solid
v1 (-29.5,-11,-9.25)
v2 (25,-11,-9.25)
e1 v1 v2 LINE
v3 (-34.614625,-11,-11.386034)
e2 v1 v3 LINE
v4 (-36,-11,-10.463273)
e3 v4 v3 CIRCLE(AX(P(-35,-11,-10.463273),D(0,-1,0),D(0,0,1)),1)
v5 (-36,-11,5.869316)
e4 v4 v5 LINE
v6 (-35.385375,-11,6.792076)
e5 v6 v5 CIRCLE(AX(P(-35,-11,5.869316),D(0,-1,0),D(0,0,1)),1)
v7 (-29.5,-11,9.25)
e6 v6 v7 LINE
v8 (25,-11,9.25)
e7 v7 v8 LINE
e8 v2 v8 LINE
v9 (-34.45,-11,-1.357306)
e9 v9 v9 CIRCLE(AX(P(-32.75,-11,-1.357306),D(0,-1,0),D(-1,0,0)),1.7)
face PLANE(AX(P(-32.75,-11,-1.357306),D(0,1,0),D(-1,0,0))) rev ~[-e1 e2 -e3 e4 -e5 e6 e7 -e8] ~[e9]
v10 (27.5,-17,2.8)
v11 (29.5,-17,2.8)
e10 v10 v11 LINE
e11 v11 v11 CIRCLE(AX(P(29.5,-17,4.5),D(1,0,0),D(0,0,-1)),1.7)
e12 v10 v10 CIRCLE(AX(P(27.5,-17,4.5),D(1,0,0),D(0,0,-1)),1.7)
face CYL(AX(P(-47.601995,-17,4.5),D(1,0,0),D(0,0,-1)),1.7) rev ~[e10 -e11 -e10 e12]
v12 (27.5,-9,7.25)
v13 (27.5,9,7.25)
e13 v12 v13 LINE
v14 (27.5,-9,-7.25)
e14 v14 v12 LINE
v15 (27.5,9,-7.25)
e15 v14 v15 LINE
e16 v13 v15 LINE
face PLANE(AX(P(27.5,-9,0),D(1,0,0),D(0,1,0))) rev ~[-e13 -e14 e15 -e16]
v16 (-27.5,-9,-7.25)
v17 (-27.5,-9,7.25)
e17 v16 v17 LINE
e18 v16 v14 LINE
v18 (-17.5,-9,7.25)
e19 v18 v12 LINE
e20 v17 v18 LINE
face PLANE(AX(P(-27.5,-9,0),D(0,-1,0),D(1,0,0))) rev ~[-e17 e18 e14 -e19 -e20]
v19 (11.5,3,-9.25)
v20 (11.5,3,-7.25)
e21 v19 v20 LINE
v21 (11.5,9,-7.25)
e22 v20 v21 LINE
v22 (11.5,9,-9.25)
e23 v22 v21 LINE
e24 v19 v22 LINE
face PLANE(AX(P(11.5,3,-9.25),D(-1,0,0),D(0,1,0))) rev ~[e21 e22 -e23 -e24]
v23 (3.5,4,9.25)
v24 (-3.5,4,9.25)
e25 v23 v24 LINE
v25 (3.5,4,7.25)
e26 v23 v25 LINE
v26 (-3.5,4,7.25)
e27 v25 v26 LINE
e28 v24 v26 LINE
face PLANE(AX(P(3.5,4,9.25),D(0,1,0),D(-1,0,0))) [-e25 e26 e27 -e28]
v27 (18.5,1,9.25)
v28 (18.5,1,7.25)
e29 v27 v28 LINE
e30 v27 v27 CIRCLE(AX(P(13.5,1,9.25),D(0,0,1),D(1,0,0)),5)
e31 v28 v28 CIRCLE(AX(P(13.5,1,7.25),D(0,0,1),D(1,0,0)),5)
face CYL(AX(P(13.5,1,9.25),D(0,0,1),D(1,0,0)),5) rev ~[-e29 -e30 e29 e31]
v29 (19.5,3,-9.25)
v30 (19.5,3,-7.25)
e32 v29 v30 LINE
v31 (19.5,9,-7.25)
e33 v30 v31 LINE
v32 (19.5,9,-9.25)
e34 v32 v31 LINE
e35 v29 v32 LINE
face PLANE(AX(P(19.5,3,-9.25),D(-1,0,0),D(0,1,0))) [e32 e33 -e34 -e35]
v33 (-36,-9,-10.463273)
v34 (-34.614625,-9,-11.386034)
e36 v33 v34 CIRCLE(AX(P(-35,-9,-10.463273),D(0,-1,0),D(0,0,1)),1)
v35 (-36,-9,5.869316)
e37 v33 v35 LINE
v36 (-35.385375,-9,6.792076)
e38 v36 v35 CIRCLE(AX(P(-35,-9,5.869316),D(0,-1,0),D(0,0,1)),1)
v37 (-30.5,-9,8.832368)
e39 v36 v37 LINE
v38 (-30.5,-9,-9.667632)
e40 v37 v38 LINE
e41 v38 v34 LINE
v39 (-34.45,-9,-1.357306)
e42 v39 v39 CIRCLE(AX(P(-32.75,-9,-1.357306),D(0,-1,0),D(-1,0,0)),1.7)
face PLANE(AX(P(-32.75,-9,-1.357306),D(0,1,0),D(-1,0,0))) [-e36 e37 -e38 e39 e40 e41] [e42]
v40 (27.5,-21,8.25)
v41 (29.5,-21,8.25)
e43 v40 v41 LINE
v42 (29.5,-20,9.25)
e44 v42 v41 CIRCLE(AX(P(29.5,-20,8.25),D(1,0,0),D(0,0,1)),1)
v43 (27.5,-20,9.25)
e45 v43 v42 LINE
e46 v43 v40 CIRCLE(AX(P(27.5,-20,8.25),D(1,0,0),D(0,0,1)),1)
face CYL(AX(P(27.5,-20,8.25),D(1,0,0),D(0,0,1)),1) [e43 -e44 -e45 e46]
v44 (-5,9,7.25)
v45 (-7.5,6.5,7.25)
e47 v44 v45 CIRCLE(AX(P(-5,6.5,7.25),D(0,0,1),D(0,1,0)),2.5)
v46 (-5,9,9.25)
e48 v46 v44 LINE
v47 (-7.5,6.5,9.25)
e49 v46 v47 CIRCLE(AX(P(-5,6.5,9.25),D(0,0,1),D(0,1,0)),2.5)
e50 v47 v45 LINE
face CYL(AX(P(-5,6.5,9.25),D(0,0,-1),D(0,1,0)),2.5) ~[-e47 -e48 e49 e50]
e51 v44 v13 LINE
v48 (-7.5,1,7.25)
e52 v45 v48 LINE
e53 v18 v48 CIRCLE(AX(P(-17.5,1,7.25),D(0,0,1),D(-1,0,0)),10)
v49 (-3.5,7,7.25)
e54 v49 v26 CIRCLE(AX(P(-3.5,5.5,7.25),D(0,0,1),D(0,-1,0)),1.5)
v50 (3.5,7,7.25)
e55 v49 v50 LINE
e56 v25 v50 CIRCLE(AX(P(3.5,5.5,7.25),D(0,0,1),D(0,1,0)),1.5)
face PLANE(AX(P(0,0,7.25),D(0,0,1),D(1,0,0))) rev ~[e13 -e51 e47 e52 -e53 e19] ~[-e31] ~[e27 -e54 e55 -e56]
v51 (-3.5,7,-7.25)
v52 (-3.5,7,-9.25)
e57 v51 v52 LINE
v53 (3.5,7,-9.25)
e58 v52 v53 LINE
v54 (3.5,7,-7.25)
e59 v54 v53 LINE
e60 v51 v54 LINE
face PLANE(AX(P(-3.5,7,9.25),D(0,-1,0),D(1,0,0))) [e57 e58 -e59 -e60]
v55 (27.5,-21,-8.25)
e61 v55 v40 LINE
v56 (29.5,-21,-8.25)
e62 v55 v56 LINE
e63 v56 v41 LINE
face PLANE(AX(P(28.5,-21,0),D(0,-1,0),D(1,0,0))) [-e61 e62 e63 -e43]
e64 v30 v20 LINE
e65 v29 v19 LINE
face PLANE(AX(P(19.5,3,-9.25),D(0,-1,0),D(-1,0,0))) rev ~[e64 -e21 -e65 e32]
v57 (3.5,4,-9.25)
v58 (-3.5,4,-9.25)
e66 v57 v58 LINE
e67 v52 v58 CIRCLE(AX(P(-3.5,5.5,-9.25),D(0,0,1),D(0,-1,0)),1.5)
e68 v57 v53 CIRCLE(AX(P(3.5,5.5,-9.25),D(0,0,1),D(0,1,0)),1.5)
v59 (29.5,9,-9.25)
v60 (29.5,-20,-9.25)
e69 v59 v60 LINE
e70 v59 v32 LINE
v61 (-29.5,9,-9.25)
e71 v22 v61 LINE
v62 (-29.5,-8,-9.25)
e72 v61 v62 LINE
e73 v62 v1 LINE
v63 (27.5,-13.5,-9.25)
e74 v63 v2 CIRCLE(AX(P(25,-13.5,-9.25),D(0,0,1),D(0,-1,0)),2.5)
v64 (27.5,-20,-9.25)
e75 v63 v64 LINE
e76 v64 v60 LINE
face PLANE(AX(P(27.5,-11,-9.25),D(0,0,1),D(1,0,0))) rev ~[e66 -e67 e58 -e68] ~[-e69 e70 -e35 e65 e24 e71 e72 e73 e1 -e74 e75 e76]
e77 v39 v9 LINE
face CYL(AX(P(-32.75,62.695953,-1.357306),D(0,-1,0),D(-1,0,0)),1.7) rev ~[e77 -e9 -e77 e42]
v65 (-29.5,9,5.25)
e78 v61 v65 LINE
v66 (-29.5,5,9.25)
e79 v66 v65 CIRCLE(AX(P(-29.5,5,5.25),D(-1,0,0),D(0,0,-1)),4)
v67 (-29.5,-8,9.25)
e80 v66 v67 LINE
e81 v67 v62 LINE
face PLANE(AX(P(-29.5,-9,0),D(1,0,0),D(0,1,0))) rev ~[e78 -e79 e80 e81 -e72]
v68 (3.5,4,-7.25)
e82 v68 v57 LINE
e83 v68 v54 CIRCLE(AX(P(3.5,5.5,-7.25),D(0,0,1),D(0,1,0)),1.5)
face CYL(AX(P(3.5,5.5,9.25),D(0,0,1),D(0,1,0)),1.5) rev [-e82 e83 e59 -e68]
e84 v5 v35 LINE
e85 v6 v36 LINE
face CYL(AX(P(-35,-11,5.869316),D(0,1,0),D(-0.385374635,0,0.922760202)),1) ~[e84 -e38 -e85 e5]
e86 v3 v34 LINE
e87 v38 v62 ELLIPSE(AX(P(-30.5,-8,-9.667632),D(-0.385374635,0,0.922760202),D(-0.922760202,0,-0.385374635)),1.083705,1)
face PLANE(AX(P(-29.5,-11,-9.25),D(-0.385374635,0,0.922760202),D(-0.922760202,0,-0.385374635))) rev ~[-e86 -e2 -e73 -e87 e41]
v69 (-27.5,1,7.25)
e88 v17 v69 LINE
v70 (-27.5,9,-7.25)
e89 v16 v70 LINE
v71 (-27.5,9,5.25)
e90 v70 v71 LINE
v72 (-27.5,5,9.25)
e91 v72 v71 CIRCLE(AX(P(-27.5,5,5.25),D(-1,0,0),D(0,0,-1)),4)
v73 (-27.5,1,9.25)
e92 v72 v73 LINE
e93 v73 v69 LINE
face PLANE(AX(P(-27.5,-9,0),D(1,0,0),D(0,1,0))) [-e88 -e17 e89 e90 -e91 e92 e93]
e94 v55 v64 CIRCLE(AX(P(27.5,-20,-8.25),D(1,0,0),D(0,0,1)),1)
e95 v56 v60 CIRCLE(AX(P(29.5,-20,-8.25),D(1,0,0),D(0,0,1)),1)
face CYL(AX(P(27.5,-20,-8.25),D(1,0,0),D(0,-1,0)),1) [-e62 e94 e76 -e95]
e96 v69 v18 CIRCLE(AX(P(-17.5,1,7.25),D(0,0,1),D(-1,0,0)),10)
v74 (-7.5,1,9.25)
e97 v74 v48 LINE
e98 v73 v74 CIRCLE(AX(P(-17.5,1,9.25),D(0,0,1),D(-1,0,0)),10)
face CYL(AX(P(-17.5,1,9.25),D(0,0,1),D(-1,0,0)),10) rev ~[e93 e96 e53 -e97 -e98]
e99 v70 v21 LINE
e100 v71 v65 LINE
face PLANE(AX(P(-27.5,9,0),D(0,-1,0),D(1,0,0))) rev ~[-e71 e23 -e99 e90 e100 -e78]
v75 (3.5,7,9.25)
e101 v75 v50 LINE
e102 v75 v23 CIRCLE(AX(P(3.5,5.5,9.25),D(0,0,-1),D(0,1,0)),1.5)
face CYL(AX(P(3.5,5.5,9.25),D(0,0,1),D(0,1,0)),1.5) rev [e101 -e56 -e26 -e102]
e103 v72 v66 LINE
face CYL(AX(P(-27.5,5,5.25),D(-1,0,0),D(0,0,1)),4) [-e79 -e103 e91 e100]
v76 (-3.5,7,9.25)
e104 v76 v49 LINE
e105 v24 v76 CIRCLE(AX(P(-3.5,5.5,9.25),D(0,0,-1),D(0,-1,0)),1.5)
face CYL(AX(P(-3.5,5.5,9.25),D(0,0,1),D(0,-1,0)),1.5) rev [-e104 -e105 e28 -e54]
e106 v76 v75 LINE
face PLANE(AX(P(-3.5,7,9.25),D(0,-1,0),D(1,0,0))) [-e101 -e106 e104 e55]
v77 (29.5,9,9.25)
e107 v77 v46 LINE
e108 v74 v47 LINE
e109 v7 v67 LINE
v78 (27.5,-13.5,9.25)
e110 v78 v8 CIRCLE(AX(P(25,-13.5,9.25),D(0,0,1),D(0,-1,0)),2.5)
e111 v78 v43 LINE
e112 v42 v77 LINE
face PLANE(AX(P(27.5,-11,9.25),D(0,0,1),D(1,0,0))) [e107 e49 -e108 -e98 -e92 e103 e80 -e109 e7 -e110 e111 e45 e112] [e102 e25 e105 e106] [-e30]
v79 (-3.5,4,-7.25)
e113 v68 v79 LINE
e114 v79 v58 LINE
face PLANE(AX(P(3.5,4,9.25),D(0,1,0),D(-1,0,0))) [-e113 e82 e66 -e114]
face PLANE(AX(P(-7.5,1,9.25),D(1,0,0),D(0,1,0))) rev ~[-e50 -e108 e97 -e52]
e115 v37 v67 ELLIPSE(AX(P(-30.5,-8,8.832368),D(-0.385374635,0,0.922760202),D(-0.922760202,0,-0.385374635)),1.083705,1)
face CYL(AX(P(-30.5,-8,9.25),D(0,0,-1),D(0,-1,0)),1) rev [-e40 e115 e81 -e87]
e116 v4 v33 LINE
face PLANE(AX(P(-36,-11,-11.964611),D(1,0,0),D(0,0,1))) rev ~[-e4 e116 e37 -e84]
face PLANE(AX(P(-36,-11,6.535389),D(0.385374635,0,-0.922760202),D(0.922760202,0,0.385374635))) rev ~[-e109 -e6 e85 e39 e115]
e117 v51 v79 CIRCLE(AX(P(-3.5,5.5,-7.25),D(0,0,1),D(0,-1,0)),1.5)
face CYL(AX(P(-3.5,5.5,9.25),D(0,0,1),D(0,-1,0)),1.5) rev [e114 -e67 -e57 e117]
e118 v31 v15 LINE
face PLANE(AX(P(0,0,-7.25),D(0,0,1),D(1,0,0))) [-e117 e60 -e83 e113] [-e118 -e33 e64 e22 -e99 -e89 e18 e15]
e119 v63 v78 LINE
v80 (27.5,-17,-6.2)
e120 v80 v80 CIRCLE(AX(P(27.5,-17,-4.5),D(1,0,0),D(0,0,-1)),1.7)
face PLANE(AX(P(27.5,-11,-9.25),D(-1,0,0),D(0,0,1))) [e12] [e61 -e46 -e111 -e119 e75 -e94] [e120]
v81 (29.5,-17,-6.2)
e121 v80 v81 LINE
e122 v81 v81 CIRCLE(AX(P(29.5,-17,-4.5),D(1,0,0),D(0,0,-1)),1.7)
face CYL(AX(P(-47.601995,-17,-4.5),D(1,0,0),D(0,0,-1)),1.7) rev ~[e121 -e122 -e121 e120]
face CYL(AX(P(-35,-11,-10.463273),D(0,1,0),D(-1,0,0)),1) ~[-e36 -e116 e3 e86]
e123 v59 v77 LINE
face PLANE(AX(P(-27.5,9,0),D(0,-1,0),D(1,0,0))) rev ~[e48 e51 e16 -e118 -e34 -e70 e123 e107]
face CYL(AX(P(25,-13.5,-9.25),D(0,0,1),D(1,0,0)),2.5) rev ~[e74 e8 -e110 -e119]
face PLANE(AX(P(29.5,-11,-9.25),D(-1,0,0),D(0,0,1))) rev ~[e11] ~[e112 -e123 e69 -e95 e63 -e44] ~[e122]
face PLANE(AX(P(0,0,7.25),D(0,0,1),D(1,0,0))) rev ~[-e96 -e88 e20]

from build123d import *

# Parameters (mm, degrees)
SKETCH1_W               = 55
SKETCH1_H               = 18
BOSS_EXTRUDE1_DEPTH     = 7.25
SHELL2_T                = 2
LENS_CUTOUT_REACH       = 38.517
POWER_BUTTON_HOLE_REACH = 38.517
SKETCH12_R              = 5
POWER_CORD_CUTOUT_REACH = 38.517
SKETCH13_W              = 8
SKETCH13_H              = 6
CUT_EXTRUDE4_DEPTH      = 37.517119273
FILLET4_R               = 2.5
BOSS_EXTRUDE3_DEPTH     = 2
M3_CLEARANCE_HOLE1_D    = 3.4
FILLET2_R               = 1
SKETCH18_W              = 2
SKETCH18_H              = 18.5
BOSS_EXTRUDE4_DEPTH     = 10
M3_CLEARANCE_HOLE2_D    = 3.4
FILLET3_R               = 2.5
FILLET5_R               = 4
FILLET6_R               = 1


with BuildPart() as part:
    # Sketch1 → Boss-Extrude1 (new, symmetric)
    with BuildSketch(Plane.XY):
        Rectangle(SKETCH1_W, SKETCH1_H)
    extrude(amount=BOSS_EXTRUDE1_DEPTH, both=True)

    # Shell2
    shell2_openings = [part.faces().sort_by_distance(p)[0] for p in [
        (0, 9, 0),
    ]]
    offset(amount=SHELL2_T, openings=shell2_openings, kind=Kind.INTERSECTION)

    # Sketch11 → lens cutout (cut, up to next)
    with BuildSketch(Plane.XY.offset(9.25), mode=Mode.PRIVATE) as lens_cutout_sk1:
        with BuildLine():
            Line((-27.5, 9), (-27.5, 1))
            ThreePointArc((-27.5, 1), (-17.5, -9), (-7.5, 1))
            Line((-7.5, 1), (-7.5, 9))
            Line((-7.5, 9), (-27.5, 9))
        make_face()
    lens_cutout_tool1 = extrude(lens_cutout_sk1.sketch, amount=-LENS_CUTOUT_REACH, mode=Mode.PRIVATE) & part.part
    add(lens_cutout_tool1.solids().sort_by_distance((-17.5, 0.915899, 9.25))[0], mode=Mode.SUBTRACT)

    # Sketch12 → power button hole (cut, up to next)
    with BuildSketch(Plane.XY.offset(9.25), mode=Mode.PRIVATE) as power_button_hole_sk1:
        with Locations((13.5, 1)):
            Circle(SKETCH12_R)
    power_button_hole_tool1 = extrude(power_button_hole_sk1.sketch, amount=-POWER_BUTTON_HOLE_REACH, mode=Mode.PRIVATE) & part.part
    add(power_button_hole_tool1.solids().sort_by_distance((13.5, 1, 9.25))[0], mode=Mode.SUBTRACT)

    # Sketch13 → power cord cutout (cut, up to next)
    with BuildSketch(Plane(origin=(0, 0, -9.25), x_dir=(-1, 0, 0), z_dir=(0, 0, -1)), mode=Mode.PRIVATE) as power_cord_cutout_sk1:
        with Locations((-15.5, 6)):
            Rectangle(SKETCH13_W, SKETCH13_H)
    power_cord_cutout_tool1 = extrude(power_cord_cutout_sk1.sketch, amount=-POWER_CORD_CUTOUT_REACH, mode=Mode.PRIVATE) & part.part
    add(power_cord_cutout_tool1.solids().sort_by_distance((15.5, 6, -9.25))[0], mode=Mode.SUBTRACT)

    # Sketch21 → Cut-Extrude4 (cut, through all)
    with BuildSketch(Plane.XY.offset(9.25)):
        with BuildLine():
            Line((-3.5, 7), (3.5, 7))
            ThreePointArc((3.5, 7), (5, 5.5), (3.5, 4))
            Line((3.5, 4), (-3.5, 4))
            ThreePointArc((-3.5, 4), (-5, 5.5), (-3.5, 7))
        make_face()
    extrude(amount=-CUT_EXTRUDE4_DEPTH, mode=Mode.SUBTRACT)

    # Fillet4
    fillet4_edges = [part.edges().sort_by_distance(p)[0] for p in [
        (-7.5, 9, 8.25),
    ]]
    fillet(fillet4_edges, radius=FILLET4_R)

    # Sketch15 → Boss-Extrude3 (add)
    with BuildSketch(Plane.XZ.offset(11)):
        Polygon((-29.5, 9.25), (-29.5, -9.25), (-36, -11.96461114), (-36, 6.53538886), align=None)
    extrude(amount=-BOSS_EXTRUDE3_DEPTH)

    # M3 Clearance Hole1 (through all)
    with Locations(Plane(origin=(0, -9, 0), x_dir=(1, 0, 0), z_dir=(0, 1, 0))):
        with Locations((-32.75, 1.35730557)):
            Hole(M3_CLEARANCE_HOLE1_D / 2)

    # Fillet2
    fillet2_edges = [part.edges().sort_by_distance(p)[0] for p in [
        (-29.5, -9, 0),
    ]]
    fillet(fillet2_edges, radius=FILLET2_R)

    # Sketch18 → Boss-Extrude4 (add)
    with BuildSketch(Plane.XZ.offset(11)):
        with Locations((28.5, 0)):
            Rectangle(SKETCH18_W, SKETCH18_H)
    extrude(amount=BOSS_EXTRUDE4_DEPTH)

    # M3 Clearance Hole2 (through all)
    with Locations(Plane.ZY.offset(-27.5)):
        with Locations((-4.5, -17), (4.5, -17)):
            Hole(M3_CLEARANCE_HOLE2_D / 2)

    # Fillet3
    fillet3_edges = [part.edges().sort_by_distance(p)[0] for p in [
        (27.5, -11, 0),
    ]]
    fillet(fillet3_edges, radius=FILLET3_R)

    # Fillet5
    fillet5_edges = [part.edges().sort_by_distance(p)[0] for p in [
        (-28.5, 9, 9.25),
    ]]
    fillet(fillet5_edges, radius=FILLET5_R)

    # Fillet6
    fillet6_edges = [part.edges().sort_by_distance(p)[0] for p in [
        (-36, -10, 6.53538886),
        (-36, -10, -11.96461114),
        (28.5, -21, 9.25),
        (28.5, -21, -9.25),
    ]]
    fillet(fillet6_edges, radius=FILLET6_R)


solid = part.part
